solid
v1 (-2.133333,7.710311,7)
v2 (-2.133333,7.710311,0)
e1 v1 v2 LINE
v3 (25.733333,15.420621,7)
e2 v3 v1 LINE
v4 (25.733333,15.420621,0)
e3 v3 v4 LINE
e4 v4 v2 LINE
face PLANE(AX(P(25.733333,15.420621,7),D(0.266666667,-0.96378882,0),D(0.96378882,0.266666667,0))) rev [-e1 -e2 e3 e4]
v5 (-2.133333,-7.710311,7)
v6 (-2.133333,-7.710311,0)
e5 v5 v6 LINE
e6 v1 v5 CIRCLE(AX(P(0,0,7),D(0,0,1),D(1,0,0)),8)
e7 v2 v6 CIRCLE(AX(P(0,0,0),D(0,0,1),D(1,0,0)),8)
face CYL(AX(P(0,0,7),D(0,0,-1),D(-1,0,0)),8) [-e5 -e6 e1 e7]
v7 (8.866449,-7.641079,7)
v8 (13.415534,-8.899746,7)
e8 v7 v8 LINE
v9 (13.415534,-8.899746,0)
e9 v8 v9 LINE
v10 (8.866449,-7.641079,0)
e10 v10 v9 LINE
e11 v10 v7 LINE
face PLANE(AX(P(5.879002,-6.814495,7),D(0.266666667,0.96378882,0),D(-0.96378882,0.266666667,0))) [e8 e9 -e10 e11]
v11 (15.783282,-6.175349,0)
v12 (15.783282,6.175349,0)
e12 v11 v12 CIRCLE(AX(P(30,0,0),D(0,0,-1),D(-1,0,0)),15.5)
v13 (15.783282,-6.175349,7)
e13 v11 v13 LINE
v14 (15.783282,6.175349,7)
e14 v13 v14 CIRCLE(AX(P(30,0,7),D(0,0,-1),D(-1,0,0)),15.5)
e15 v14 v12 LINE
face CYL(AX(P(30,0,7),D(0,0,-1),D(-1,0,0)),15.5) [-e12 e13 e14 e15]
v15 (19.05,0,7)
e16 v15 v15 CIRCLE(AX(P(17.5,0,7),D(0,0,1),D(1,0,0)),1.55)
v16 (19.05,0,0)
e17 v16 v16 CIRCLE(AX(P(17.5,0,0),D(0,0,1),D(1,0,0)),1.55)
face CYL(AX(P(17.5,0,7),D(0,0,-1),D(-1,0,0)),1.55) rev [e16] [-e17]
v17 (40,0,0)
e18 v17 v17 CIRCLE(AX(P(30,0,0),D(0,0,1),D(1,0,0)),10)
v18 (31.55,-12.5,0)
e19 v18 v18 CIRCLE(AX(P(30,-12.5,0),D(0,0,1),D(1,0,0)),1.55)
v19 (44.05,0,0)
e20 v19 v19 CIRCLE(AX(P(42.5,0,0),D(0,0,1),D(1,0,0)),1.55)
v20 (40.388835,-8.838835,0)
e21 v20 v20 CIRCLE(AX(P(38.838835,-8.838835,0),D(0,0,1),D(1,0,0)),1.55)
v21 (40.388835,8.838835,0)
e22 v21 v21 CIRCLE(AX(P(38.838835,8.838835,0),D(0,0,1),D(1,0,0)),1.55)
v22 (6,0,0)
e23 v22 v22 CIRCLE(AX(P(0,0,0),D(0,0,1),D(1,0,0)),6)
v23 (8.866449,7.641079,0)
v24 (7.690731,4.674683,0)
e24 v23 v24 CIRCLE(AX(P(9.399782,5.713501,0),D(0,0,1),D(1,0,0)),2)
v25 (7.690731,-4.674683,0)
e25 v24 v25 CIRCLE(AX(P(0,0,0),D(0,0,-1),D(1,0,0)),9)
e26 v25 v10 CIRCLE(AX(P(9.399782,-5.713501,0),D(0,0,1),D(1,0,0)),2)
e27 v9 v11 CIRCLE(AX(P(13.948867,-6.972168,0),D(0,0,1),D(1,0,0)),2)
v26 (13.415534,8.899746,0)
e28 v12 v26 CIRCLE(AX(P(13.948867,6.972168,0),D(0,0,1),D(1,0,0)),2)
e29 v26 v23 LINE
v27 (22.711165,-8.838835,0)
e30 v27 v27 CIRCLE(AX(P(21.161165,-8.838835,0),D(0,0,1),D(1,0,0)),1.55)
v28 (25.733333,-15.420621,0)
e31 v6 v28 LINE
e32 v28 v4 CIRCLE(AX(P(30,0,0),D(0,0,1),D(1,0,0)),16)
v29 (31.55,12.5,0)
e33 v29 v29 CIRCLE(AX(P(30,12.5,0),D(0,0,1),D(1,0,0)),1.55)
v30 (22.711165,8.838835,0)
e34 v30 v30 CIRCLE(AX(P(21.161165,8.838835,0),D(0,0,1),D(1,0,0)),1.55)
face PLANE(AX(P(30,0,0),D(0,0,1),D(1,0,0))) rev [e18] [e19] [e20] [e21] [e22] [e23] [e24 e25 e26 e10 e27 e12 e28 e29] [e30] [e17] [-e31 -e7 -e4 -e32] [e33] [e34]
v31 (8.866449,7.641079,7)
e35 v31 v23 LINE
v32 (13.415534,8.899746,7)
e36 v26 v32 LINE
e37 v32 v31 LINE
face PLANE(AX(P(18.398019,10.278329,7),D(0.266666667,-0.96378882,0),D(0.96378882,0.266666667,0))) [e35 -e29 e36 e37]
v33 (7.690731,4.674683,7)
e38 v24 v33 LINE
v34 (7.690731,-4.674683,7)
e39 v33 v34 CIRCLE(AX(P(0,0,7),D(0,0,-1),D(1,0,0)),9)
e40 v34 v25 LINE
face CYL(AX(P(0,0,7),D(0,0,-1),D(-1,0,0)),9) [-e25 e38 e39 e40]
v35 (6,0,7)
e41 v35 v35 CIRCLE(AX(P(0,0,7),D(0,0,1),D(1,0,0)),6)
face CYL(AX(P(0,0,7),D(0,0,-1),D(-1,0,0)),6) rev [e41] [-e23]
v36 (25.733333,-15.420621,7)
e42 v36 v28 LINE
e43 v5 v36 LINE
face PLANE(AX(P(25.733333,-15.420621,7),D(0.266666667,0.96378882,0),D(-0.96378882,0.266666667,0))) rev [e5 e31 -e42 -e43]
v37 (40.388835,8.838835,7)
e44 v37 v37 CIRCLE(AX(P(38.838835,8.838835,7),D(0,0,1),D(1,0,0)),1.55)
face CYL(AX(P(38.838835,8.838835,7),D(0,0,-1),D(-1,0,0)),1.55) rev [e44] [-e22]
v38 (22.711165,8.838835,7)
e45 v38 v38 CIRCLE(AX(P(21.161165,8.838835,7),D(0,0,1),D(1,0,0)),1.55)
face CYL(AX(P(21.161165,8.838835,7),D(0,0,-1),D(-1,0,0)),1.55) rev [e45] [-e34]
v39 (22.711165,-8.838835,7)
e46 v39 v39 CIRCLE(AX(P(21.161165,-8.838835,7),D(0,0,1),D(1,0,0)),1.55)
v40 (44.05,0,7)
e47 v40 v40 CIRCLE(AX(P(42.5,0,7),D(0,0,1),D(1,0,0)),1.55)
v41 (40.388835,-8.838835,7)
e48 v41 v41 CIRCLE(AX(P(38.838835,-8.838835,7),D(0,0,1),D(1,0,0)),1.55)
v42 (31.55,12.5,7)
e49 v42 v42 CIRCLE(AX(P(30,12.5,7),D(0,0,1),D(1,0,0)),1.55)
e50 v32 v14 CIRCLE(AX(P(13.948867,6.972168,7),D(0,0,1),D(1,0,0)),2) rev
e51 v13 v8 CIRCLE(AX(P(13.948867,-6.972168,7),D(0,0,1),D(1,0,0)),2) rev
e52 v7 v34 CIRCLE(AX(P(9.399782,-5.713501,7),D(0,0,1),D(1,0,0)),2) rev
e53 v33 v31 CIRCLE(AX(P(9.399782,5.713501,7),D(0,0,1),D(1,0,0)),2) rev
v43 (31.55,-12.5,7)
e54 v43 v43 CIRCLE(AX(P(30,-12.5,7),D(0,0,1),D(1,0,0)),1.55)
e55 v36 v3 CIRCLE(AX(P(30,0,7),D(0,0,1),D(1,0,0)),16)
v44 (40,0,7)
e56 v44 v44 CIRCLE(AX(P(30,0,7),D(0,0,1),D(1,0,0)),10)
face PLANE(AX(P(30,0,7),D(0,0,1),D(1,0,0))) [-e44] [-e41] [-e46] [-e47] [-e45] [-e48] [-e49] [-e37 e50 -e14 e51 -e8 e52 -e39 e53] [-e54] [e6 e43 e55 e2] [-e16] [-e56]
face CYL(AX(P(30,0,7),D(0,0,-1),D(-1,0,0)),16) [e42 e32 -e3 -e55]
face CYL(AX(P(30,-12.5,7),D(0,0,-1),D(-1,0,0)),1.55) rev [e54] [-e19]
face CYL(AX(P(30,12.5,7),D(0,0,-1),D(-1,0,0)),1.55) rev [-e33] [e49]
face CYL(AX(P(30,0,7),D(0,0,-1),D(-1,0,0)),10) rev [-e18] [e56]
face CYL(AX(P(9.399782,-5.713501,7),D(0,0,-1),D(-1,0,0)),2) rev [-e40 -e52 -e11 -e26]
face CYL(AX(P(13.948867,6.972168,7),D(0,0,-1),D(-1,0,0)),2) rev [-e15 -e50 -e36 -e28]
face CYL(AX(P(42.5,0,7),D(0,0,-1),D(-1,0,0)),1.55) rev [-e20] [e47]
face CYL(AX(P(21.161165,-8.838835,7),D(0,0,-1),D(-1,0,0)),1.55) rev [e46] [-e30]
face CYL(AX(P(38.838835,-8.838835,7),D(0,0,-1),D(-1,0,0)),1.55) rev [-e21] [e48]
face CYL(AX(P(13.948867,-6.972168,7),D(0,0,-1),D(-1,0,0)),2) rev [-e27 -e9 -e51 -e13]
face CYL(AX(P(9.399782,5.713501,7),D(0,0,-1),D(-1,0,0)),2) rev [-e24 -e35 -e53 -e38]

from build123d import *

# Parameters (mm, degrees)
SKETCH_1_R      = 6
SKETCH_1_R_2    = 10
SKETCH_1_R_3    = 1.55
EXTRUDE_1_DEPTH = 7
FILLET_1_R      = 2


with BuildPart() as part:
    # 草图1 → 凸台-拉伸1 (new body)
    with BuildSketch(Plane.XY):
        with BuildLine():
            Line((25.733333333, -15.420621114), (-2.133333333, -7.710310557))
            ThreePointArc((-2.133333333, -7.710310557), (-8, 0), (-2.133333333, 7.710310557))
            Line((-2.133333333, 7.710310557), (25.733333333, 15.420621114))
            ThreePointArc((25.733333333, 15.420621114), (46, 0), (25.733333333, -15.420621114))
        make_face()
        Circle(SKETCH_1_R, mode=Mode.SUBTRACT)
        with Locations((30, 0)):
            Circle(SKETCH_1_R_2, mode=Mode.SUBTRACT)
        with Locations((30, -12.5)):
            Circle(SKETCH_1_R_3, mode=Mode.SUBTRACT)
        with Locations((21.161165235, -8.838834765)):
            Circle(SKETCH_1_R_3, mode=Mode.SUBTRACT)
        with Locations((17.5, 0)):
            Circle(SKETCH_1_R_3, mode=Mode.SUBTRACT)
        with Locations((21.161165235, 8.838834765)):
            Circle(SKETCH_1_R_3, mode=Mode.SUBTRACT)
        with Locations((30, 12.5)):
            Circle(SKETCH_1_R_3, mode=Mode.SUBTRACT)
        with Locations((38.838834765, 8.838834765)):
            Circle(SKETCH_1_R_3, mode=Mode.SUBTRACT)
        with Locations((42.5, 0)):
            Circle(SKETCH_1_R_3, mode=Mode.SUBTRACT)
        with Locations((38.838834765, -8.838834765)):
            Circle(SKETCH_1_R_3, mode=Mode.SUBTRACT)
        with BuildLine():
            Line((5.879001779, -6.814494705), (18.398019367, -10.27832892))
            ThreePointArc((18.398019367, -10.27832892), (14.5, 0), (18.398019367, 10.27832892))
            Line((18.398019367, 10.27832892), (5.879001779, 6.814494705))
            ThreePointArc((5.879001779, 6.814494705), (9, 0), (5.879001779, -6.814494705))
        make_face(mode=Mode.SUBTRACT)
    extrude(amount=EXTRUDE_1_DEPTH)

    # 圆角1
    fillet_1_edges = [part.edges().sort_by_distance(p)[0] for p in [
        (5.879001779, 6.814494705, 3.5),
        (5.879001779, -6.814494705, 3.5),
        (18.398019367, -10.27832892, 3.5),
        (18.398019367, 10.27832892, 3.5),
    ]]
    fillet(fillet_1_edges, radius=FILLET_1_R)


solid = part.part
